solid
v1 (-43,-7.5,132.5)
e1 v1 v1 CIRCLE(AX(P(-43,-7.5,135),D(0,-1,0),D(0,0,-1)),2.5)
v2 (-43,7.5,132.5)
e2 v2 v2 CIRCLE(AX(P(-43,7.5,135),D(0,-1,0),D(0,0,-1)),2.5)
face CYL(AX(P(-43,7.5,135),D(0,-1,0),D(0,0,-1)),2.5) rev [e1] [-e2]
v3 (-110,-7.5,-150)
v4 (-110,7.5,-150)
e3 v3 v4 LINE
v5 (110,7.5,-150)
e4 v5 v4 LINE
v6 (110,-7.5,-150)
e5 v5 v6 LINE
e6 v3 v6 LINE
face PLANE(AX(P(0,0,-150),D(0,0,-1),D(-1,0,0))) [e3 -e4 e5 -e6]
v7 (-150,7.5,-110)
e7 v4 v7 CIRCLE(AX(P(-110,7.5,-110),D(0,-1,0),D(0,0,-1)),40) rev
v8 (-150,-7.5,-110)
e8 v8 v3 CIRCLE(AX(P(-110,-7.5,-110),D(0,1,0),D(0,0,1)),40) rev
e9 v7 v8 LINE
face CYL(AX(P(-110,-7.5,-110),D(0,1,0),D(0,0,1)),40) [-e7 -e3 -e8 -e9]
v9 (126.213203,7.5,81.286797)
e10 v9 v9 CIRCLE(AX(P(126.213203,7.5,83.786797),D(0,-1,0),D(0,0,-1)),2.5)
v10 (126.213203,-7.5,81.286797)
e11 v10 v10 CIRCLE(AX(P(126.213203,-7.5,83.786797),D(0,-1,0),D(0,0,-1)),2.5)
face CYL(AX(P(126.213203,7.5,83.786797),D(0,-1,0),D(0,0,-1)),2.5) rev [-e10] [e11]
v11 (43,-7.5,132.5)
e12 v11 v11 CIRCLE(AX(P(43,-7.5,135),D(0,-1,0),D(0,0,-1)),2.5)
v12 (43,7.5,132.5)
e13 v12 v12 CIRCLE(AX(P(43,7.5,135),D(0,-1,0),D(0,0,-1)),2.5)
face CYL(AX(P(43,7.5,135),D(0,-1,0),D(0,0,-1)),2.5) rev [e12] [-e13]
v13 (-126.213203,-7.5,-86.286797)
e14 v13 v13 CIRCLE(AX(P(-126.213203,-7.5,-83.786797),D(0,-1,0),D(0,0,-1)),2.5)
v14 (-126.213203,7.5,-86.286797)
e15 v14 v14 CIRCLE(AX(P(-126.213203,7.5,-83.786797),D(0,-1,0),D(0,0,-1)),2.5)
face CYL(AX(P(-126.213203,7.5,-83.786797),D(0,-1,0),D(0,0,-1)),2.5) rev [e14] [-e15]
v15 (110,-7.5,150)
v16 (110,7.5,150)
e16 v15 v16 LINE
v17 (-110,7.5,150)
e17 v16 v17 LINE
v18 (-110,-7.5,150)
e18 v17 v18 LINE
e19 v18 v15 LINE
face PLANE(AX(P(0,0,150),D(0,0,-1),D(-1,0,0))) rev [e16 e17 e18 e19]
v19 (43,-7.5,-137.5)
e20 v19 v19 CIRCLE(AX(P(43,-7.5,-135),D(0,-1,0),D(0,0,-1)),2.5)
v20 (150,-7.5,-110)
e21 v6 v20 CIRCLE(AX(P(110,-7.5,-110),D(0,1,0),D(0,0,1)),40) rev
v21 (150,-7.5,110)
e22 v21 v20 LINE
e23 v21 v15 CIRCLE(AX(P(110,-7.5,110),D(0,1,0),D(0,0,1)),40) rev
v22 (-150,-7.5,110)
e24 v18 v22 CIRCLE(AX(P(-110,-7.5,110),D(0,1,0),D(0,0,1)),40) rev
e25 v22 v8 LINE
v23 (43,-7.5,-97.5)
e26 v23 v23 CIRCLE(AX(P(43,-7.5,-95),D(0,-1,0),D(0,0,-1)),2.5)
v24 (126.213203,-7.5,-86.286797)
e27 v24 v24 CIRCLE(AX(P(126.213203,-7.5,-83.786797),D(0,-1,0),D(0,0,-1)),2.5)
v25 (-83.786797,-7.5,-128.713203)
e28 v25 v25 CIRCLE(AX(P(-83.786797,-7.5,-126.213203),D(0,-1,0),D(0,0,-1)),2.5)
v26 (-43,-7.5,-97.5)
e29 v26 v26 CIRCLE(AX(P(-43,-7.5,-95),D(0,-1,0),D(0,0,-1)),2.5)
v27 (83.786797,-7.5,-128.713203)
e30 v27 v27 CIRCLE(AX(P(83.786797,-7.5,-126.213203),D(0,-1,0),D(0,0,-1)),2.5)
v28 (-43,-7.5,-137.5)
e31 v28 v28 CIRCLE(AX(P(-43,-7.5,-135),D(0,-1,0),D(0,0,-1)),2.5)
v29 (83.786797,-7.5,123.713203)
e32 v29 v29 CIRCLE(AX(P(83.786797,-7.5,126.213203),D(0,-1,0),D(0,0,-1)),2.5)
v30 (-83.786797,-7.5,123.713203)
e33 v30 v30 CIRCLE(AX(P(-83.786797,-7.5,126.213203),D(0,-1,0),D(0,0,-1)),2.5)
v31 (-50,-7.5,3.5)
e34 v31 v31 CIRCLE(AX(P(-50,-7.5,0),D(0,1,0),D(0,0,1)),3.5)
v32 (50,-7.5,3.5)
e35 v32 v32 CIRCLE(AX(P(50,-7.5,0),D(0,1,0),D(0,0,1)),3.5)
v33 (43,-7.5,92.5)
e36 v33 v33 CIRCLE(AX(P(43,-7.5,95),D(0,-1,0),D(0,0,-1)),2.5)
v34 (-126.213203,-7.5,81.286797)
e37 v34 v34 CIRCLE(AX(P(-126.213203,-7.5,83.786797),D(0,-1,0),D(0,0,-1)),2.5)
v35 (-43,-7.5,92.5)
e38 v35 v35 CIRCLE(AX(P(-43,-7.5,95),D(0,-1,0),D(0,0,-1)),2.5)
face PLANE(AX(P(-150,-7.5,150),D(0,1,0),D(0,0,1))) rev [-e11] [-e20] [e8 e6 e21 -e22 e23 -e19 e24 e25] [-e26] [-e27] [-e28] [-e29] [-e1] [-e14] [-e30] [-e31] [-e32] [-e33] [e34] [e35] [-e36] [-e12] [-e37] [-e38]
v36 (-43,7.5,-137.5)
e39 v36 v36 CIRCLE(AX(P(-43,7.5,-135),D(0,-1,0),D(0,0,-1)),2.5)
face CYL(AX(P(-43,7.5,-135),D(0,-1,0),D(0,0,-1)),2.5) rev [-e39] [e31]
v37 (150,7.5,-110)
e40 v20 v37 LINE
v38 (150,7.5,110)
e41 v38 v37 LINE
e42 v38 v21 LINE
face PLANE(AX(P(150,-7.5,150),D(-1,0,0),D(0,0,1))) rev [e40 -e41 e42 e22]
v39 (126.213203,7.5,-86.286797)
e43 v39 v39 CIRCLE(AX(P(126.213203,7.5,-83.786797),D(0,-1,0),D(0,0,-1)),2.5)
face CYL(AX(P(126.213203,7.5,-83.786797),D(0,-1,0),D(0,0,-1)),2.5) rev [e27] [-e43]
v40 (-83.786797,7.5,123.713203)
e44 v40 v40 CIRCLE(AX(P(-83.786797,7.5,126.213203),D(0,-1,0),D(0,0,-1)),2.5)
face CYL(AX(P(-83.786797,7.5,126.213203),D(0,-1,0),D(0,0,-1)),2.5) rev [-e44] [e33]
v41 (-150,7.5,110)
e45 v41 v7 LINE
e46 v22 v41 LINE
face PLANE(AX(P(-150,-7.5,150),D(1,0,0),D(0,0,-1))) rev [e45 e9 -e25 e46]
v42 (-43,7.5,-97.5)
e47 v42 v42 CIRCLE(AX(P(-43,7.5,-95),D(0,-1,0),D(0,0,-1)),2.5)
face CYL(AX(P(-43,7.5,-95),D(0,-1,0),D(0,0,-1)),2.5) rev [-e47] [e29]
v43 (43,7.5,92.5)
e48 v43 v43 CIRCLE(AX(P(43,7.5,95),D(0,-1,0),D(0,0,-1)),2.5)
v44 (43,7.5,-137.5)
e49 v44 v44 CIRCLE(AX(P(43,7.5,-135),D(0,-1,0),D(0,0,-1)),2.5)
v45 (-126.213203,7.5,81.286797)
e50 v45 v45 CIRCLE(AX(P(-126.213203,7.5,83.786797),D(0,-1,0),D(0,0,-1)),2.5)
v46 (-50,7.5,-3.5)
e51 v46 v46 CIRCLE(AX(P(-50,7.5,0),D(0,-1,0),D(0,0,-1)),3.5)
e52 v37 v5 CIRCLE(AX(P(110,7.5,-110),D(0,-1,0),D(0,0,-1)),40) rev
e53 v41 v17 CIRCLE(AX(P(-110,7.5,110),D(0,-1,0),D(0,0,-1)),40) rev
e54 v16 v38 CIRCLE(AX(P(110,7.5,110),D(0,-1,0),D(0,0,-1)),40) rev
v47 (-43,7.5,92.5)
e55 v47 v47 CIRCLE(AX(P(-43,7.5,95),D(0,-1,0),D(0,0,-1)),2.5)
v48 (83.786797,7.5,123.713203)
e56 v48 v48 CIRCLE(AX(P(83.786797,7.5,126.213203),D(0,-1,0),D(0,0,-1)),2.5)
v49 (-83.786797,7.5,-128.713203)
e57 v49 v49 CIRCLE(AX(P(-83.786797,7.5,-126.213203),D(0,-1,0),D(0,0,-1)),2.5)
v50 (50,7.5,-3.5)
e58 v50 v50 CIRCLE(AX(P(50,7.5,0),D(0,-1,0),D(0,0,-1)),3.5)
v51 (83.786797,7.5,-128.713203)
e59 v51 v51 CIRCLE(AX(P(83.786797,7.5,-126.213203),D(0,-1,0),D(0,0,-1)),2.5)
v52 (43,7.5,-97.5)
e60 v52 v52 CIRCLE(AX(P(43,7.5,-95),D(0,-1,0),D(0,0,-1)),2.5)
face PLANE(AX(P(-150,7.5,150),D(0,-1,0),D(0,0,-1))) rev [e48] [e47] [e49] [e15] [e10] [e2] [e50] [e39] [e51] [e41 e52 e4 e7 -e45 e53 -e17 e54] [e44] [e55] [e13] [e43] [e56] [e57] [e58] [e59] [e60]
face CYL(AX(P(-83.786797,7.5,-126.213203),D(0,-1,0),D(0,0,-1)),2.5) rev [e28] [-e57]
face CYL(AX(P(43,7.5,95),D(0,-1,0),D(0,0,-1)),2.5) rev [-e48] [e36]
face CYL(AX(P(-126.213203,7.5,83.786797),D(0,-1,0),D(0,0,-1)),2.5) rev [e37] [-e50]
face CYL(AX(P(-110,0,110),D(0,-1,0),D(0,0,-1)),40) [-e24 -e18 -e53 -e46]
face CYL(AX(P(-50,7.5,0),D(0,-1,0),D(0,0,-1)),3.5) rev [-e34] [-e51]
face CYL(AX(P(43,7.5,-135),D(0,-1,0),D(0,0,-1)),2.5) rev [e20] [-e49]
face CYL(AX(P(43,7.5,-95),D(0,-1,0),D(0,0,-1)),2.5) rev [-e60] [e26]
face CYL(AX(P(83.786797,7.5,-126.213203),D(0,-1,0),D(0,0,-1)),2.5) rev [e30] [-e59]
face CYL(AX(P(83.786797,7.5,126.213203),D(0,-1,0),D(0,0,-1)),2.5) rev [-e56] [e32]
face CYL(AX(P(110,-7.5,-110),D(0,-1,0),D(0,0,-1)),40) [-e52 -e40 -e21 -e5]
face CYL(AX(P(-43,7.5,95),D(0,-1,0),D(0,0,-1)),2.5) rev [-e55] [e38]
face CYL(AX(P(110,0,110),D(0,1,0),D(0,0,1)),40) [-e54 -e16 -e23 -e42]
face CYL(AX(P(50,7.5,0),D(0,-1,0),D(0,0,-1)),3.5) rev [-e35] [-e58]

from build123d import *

# Parameters (mm, degrees)
SKETCH1_W               = 300
SKETCH1_H               = 15
BOSS_EXTRUDE1_DEPTH     = 150
SKETCH5_R               = 3.5
CUT_EXTRUDE3_DEPTH      = 1
CUT_EXTRUDE3_DEPTH_BACK = 16
SKETCH8_R               = 2.5
CUT_EXTRUDE5_DEPTH      = 16
FILLET4_R               = 40
SKETCH9_R               = 2.5
CUT_EXTRUDE6_DEPTH      = 16


with BuildPart() as part:
    # Sketch1 → Boss-Extrude1 (new body, symmetric)
    with BuildSketch(Plane.XY):
        Rectangle(SKETCH1_W, SKETCH1_H)
    extrude(amount=BOSS_EXTRUDE1_DEPTH, both=True)

    # Sketch5 → Cut-Extrude3 (cut, two sides)
    with BuildSketch(Plane.XZ.offset(7.5)) as cut_extrude3_sk:
        with Locations((50, 0)):
            Circle(SKETCH5_R)
        with Locations((-50, 0)):
            Circle(SKETCH5_R)
    extrude(amount=CUT_EXTRUDE3_DEPTH, mode=Mode.SUBTRACT)
    extrude(cut_extrude3_sk.sketch, amount=-CUT_EXTRUDE3_DEPTH_BACK, mode=Mode.SUBTRACT)

    # Sketch8 → Cut-Extrude5 (cut, through all)
    with BuildSketch(Plane.XZ.offset(7.5)):
        with Locations((-126.213203436, 83.786796564)):
            Circle(SKETCH8_R)
        with Locations((-83.786796564, 126.213203436)):
            Circle(SKETCH8_R)
        with Locations((126.213203436, 83.786796564)):
            Circle(SKETCH8_R)
        with Locations((83.786796564, 126.213203436)):
            Circle(SKETCH8_R)
        with Locations((83.786796564, -126.213203436)):
            Circle(SKETCH8_R)
        with Locations((126.213203436, -83.786796564)):
            Circle(SKETCH8_R)
        with Locations((-126.213203436, -83.786796564)):
            Circle(SKETCH8_R)
        with Locations((-83.786796564, -126.213203436)):
            Circle(SKETCH8_R)
    extrude(amount=-CUT_EXTRUDE5_DEPTH, mode=Mode.SUBTRACT)

    # Fillet4
    fillet4_edges = [part.edges().sort_by_distance(p)[0] for p in [
        (-150, 0, 150),
        (150, 0, 150),
        (-150, 0, -150),
        (150, 0, -150),
    ]]
    fillet(fillet4_edges, radius=FILLET4_R)

    # Sketch9 → Cut-Extrude6 (cut, through all)
    with BuildSketch(Plane(origin=(0, -7.5, 0), x_dir=(-1, 0, 0), z_dir=(0, -1, 0))):
        with Locations((43, -135)):
            Circle(SKETCH9_R)
        with Locations((-43, -135)):
            Circle(SKETCH9_R)
        with Locations((-43, -95)):
            Circle(SKETCH9_R)
        with Locations((43, -95)):
            Circle(SKETCH9_R)
        with Locations((-43, 95)):
            Circle(SKETCH9_R)
        with Locations((-43, 135)):
            Circle(SKETCH9_R)
        with Locations((43, 135)):
            Circle(SKETCH9_R)
        with Locations((43, 95)):
            Circle(SKETCH9_R)
    extrude(amount=-CUT_EXTRUDE6_DEPTH, mode=Mode.SUBTRACT)


solid = part.part
